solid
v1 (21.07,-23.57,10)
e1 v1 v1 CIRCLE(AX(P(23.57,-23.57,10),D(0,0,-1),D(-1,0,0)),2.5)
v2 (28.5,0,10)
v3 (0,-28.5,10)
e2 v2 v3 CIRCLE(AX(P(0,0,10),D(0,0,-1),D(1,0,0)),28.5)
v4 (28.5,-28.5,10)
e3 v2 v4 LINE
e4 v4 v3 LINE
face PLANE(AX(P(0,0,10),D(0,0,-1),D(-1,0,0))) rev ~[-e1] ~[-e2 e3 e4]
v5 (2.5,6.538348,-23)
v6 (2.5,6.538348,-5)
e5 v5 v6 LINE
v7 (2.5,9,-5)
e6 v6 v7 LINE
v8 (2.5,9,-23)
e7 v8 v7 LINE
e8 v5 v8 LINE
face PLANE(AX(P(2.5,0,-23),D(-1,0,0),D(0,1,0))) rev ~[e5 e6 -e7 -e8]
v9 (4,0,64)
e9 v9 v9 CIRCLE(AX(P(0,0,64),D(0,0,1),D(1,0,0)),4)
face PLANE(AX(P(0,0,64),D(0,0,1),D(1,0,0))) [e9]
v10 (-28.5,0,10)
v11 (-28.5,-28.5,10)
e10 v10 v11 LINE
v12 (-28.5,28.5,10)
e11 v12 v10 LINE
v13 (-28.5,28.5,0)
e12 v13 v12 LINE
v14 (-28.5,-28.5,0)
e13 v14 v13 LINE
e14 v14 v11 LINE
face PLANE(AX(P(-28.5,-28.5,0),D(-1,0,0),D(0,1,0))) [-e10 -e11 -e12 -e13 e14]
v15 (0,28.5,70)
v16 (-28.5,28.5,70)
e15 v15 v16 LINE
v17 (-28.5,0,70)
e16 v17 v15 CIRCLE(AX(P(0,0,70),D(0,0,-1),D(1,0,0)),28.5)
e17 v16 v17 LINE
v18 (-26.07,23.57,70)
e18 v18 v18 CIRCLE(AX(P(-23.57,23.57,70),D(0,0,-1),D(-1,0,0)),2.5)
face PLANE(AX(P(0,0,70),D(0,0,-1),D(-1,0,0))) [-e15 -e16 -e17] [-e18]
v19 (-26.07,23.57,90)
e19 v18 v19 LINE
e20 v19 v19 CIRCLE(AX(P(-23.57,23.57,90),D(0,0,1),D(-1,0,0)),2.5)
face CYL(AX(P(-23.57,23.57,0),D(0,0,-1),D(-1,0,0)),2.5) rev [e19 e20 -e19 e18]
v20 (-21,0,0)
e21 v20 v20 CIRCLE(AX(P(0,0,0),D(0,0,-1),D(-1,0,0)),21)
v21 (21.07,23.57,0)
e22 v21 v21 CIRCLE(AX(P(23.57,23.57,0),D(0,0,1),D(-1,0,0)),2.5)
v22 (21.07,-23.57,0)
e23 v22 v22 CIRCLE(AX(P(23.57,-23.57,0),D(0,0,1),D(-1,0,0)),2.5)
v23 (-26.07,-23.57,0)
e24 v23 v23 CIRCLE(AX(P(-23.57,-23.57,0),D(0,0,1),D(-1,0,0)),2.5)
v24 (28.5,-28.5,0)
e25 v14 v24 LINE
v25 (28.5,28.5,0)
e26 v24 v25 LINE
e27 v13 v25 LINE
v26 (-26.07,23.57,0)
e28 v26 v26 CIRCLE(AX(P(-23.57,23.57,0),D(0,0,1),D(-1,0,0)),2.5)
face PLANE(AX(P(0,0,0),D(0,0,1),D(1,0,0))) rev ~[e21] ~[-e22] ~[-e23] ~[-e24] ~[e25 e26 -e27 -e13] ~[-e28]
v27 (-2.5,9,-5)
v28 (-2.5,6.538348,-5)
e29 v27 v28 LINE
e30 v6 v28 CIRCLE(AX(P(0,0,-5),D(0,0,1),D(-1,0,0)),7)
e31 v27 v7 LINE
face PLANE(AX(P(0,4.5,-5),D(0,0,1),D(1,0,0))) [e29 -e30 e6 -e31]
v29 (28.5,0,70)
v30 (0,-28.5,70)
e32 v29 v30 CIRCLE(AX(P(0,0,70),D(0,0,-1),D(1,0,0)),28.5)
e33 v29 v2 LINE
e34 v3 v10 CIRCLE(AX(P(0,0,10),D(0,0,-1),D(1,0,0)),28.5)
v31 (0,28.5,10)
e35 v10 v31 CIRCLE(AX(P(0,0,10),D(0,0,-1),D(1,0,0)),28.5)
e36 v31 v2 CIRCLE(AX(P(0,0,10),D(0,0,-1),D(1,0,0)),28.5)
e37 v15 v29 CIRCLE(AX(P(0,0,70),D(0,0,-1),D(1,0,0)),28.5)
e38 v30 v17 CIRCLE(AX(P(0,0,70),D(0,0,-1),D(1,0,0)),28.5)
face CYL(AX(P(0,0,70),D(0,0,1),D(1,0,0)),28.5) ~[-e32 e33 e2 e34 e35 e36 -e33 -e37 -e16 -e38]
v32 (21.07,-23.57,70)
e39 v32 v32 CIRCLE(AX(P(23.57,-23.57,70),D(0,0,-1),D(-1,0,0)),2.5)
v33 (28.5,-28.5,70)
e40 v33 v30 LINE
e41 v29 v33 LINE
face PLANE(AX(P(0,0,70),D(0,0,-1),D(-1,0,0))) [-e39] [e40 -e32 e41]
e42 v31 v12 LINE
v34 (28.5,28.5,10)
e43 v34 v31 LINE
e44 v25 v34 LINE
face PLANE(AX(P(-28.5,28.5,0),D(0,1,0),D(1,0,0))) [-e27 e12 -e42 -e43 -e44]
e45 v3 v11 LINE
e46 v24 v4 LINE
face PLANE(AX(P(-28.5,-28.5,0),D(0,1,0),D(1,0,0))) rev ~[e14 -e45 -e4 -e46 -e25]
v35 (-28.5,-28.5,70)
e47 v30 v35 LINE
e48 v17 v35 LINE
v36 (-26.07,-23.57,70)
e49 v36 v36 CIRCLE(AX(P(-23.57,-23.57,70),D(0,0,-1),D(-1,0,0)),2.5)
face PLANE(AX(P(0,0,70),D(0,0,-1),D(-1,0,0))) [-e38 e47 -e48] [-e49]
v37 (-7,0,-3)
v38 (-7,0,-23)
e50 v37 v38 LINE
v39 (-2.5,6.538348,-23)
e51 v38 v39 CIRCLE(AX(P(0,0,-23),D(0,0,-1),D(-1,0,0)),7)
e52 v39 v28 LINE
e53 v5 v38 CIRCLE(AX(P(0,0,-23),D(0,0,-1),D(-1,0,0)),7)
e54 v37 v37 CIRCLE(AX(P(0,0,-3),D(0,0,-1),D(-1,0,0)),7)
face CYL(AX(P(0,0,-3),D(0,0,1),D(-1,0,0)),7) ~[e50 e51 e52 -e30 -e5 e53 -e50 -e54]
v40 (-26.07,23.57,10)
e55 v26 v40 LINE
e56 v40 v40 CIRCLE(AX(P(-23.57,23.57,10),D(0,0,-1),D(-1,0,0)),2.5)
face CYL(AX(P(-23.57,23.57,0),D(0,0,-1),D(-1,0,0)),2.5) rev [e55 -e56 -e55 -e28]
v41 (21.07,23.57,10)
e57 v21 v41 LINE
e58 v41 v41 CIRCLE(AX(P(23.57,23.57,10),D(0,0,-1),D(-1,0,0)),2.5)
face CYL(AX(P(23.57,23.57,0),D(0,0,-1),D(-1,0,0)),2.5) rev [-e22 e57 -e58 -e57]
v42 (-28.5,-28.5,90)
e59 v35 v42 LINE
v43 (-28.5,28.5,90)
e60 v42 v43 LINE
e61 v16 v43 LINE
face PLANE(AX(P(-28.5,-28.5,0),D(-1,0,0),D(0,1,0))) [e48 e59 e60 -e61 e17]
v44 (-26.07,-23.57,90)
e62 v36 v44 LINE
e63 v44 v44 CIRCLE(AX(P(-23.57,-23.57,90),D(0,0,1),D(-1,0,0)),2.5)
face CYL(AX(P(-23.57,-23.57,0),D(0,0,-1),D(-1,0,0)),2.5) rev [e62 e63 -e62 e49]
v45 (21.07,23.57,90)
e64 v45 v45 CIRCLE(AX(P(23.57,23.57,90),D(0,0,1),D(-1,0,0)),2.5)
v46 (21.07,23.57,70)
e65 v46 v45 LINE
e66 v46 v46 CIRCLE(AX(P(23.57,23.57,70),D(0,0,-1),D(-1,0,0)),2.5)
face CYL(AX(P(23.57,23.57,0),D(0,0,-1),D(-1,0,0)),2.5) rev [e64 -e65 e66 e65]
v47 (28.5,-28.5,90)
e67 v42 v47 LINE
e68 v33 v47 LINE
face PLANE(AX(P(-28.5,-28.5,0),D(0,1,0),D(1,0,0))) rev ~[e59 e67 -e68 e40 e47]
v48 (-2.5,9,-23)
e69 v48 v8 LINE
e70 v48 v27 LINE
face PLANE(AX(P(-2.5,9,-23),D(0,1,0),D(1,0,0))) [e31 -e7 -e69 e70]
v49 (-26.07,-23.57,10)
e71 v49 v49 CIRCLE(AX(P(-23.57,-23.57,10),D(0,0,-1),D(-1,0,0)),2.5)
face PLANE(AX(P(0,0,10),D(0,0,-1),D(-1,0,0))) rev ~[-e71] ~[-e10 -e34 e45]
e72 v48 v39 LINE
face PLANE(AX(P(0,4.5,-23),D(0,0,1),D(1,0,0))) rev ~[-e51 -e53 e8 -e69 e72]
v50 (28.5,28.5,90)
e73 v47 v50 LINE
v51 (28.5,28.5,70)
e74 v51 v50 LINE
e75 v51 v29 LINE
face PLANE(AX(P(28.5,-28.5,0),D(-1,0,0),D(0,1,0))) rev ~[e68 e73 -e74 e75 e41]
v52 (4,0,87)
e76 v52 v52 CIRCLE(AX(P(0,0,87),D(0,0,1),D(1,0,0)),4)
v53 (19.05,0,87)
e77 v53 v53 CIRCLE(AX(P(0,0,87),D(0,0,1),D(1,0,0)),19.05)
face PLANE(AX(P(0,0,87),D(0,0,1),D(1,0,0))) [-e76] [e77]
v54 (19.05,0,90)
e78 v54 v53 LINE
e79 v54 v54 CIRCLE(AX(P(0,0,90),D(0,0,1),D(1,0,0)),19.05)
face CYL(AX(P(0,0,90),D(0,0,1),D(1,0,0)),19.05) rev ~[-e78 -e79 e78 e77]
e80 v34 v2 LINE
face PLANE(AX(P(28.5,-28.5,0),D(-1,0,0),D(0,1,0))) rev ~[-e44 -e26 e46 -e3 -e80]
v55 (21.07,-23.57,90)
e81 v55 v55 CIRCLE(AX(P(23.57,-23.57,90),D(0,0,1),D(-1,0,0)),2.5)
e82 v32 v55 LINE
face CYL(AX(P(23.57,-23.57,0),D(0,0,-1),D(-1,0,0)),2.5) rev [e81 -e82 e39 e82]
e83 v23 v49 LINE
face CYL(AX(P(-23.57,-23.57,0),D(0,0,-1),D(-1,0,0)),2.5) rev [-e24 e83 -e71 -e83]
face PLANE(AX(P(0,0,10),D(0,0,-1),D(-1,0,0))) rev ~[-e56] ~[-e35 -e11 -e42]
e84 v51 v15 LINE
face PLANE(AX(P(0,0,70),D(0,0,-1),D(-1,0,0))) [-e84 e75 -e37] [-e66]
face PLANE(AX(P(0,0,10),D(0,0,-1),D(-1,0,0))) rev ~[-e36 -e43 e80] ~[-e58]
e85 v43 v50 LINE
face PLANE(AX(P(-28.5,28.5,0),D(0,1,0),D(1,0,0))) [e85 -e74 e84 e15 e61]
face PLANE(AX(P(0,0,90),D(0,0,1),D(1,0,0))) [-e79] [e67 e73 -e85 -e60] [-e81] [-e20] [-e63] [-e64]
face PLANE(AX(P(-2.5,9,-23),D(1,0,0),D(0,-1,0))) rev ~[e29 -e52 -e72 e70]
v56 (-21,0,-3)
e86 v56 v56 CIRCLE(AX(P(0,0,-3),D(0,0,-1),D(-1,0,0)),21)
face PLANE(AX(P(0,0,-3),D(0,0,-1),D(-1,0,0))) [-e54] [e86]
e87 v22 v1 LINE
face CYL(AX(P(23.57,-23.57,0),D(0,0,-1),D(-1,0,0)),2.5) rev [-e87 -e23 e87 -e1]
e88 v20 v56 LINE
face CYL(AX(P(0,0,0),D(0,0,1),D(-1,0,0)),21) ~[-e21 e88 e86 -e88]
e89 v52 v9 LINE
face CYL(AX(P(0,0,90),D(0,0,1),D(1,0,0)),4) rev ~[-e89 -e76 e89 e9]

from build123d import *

# Parameters (mm, degrees)
SKETCH_1_W               = 57
SKETCH_1_H               = 57
SKETCH_1_R               = 2.5
EXTRUDE_1_DEPTH          = 90
CUT_EXTRUDE_1_DEPTH      = 35
CUT_EXTRUDE_1_DEPTH_BACK = 25
SKETCH_2_W               = 108.428047284
SKETCH_2_H               = 112.732753546
SKETCH_2_R               = 28.5
SKETCH_3_R               = 21
EXTRUDE_2_DEPTH          = 3
SKETCH_4_R               = 7
EXTRUDE_3_DEPTH          = 20
SKETCH_5_R               = 4
CUT_EXTRUDE_2_DEPTH      = 26
SKETCH_6_R               = 19.05
CUT_EXTRUDE_3_DEPTH      = 3
EXTRUDE_4_DEPTH          = 18


with BuildPart() as part:
    # 草图1 → 凸台-拉伸1 (new body)
    with BuildSketch(Plane.XY):
        Rectangle(SKETCH_1_W, SKETCH_1_H)
        with Locations(Location((-23.57, 23.57, 0), (0, 0, 180))):
            Circle(SKETCH_1_R, mode=Mode.SUBTRACT)
        with Locations(Location((23.57, 23.57, 0), (0, 0, 180))):
            Circle(SKETCH_1_R, mode=Mode.SUBTRACT)
        with Locations(Location((23.57, -23.57, 0), (0, 0, 180))):
            Circle(SKETCH_1_R, mode=Mode.SUBTRACT)
        with Locations(Location((-23.57, -23.57, 0), (0, 0, 180))):
            Circle(SKETCH_1_R, mode=Mode.SUBTRACT)
    extrude(amount=EXTRUDE_1_DEPTH)

    # 草图2 → 切除-拉伸1 (cut, two sides: drawn at the far end of the back side and taken through both)
    with BuildSketch(Plane(origin=(0, 0, 45), x_dir=(-1, 0, 0), z_dir=(0, 0, -1)).offset(-CUT_EXTRUDE_1_DEPTH_BACK)):
        Rectangle(SKETCH_2_W, SKETCH_2_H)
        with Locations(Location((0, 0, 0), (0, 0, 180))):
            Circle(SKETCH_2_R, mode=Mode.SUBTRACT)
    extrude(amount=CUT_EXTRUDE_1_DEPTH + CUT_EXTRUDE_1_DEPTH_BACK, mode=Mode.SUBTRACT)

    # 草图3 → 凸台-拉伸2 (add)
    with BuildSketch(Plane(origin=(0, 0, 0), x_dir=(-1, 0, 0), z_dir=(0, 0, -1))):
        Circle(SKETCH_3_R)
    extrude(amount=EXTRUDE_2_DEPTH)

    # 草图4 → 凸台-拉伸3 (add)
    with BuildSketch(Plane(origin=(0, 0, -3), x_dir=(-1, 0, 0), z_dir=(0, 0, -1))):
        Circle(SKETCH_4_R)
    extrude(amount=EXTRUDE_3_DEPTH)

    # 草图5 → 切除-拉伸2 (cut)
    with BuildSketch(Plane.XY.offset(90)):
        Circle(SKETCH_5_R)
    extrude(amount=-CUT_EXTRUDE_2_DEPTH, mode=Mode.SUBTRACT)

    # 草图6 → 切除-拉伸3 (cut)
    with BuildSketch(Plane.XY.offset(90)):
        Circle(SKETCH_6_R)
    extrude(amount=-CUT_EXTRUDE_3_DEPTH, mode=Mode.SUBTRACT)

    # 草图7 → 凸台-拉伸4 (add)
    with BuildSketch(Plane(origin=(0, 0, -23), x_dir=(-1, 0, 0), z_dir=(0, 0, -1))):
        Polygon((0, 9), (2.5, 9), (2.5, 0), (-2.5, 0), (-2.5, 9), align=None)
    extrude(amount=-EXTRUDE_4_DEPTH)


solid = part.part
